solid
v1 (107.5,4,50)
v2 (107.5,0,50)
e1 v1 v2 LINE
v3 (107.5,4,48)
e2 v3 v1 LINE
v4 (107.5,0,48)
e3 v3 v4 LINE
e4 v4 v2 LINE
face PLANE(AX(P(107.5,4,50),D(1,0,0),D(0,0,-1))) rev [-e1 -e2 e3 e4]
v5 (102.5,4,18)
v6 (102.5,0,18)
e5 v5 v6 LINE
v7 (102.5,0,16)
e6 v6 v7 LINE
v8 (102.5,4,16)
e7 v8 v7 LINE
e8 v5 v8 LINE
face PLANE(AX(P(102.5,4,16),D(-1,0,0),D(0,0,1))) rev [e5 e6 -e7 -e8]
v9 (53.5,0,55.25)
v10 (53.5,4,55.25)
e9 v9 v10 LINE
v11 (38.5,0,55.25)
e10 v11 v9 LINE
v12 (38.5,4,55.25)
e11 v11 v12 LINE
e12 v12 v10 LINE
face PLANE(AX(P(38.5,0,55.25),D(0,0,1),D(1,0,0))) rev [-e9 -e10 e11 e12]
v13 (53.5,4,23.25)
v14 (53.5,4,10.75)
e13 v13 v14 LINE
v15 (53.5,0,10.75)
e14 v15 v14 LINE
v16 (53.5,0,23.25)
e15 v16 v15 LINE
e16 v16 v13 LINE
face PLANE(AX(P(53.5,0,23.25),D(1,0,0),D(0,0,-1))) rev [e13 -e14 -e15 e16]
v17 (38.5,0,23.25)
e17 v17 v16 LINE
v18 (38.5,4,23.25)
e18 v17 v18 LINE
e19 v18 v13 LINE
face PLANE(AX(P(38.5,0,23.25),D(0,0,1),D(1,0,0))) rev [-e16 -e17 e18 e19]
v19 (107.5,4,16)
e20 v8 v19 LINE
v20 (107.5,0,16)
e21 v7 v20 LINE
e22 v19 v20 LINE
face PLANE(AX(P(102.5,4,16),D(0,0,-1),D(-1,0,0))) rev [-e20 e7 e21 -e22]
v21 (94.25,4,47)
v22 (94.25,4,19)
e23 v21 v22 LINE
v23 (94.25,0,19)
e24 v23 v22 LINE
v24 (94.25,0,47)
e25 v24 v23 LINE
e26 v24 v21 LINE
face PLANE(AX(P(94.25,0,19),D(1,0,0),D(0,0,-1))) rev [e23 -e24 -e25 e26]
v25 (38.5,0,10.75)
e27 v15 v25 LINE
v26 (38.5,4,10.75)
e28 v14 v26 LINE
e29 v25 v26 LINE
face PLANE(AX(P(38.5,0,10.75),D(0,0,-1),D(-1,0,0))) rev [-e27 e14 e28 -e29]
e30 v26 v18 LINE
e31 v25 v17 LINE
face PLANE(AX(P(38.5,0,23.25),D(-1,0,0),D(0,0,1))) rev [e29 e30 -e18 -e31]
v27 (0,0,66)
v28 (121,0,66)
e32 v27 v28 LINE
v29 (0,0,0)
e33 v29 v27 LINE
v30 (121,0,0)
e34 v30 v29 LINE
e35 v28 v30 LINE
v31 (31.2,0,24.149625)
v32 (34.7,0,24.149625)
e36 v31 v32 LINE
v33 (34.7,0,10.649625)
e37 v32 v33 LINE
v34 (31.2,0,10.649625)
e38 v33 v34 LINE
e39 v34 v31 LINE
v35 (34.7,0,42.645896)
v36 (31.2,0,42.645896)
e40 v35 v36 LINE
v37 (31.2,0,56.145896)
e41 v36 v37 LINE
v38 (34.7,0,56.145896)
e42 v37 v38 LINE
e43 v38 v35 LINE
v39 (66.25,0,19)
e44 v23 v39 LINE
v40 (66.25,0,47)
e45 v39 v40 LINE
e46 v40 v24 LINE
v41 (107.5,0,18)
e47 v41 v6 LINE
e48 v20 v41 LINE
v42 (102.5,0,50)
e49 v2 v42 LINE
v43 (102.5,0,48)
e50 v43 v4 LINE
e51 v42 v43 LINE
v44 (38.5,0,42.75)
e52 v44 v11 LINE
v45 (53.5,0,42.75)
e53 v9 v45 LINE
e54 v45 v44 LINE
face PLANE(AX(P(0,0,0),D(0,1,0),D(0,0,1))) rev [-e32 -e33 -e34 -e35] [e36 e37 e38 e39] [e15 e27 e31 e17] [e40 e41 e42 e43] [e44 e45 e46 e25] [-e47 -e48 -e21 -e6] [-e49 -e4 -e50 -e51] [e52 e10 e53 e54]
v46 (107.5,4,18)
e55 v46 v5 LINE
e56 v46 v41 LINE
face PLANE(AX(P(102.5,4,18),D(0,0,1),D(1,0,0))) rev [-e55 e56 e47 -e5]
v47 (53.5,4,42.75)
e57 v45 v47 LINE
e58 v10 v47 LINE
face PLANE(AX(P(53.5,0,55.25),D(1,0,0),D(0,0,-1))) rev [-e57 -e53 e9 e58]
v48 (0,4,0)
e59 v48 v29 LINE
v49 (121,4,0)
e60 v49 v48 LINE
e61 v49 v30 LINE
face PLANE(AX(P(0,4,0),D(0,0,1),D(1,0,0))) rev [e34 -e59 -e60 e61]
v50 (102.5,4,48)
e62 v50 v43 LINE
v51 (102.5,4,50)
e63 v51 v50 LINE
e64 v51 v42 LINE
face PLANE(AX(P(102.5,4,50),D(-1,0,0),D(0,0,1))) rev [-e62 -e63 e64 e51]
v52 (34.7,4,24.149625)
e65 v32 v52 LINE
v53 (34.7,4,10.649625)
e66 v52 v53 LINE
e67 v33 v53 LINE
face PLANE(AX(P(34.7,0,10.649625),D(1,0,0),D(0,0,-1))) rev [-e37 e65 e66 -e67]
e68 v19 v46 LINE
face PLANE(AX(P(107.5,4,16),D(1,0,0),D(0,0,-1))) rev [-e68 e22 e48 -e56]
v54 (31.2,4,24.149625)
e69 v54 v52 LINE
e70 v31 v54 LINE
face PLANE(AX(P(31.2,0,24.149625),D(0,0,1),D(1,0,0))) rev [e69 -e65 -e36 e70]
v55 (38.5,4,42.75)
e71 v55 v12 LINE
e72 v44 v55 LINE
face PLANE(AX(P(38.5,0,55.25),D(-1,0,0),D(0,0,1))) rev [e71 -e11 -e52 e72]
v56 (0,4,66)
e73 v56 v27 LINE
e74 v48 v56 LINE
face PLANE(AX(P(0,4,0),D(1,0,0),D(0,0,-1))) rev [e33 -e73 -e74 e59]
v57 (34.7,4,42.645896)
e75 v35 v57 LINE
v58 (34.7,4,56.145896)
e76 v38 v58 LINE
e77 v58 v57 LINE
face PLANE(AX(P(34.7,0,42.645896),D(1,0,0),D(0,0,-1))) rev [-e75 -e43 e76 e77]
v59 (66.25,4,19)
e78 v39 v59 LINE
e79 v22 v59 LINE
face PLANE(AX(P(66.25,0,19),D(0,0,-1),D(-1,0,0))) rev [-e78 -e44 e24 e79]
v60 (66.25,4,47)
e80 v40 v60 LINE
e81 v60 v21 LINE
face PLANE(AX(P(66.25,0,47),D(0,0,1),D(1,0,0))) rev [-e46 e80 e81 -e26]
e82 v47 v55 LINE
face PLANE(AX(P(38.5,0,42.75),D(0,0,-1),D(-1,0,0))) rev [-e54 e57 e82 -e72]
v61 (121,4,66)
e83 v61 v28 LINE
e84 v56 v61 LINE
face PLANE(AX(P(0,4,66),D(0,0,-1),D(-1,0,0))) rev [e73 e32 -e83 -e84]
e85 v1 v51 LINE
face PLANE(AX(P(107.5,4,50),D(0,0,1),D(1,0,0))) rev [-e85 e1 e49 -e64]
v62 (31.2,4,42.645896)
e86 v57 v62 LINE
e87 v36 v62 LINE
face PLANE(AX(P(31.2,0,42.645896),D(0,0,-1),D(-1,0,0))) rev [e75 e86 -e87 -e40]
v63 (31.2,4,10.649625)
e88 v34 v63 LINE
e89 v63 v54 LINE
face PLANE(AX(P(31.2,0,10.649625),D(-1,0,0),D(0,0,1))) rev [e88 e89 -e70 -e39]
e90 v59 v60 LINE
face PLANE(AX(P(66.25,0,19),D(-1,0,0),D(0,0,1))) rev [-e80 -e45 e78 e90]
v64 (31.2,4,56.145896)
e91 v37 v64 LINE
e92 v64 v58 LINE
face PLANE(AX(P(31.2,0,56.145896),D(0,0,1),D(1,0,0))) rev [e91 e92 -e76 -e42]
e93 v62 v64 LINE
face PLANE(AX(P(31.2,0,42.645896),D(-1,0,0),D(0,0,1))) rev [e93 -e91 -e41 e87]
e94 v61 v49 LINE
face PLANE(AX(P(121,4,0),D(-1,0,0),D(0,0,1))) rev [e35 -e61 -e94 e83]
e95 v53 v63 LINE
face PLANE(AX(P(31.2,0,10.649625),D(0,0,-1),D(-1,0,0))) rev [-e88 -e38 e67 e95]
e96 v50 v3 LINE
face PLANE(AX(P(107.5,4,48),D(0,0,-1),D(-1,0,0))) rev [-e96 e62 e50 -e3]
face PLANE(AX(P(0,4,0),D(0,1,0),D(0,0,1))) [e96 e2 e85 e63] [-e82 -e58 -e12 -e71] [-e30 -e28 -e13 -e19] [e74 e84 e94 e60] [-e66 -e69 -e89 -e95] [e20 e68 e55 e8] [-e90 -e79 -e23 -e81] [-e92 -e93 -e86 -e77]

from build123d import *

# Parameters (mm, degrees)
SKETCH1_W           = 121
SKETCH1_H           = 66
BOSS_EXTRUDE1_DEPTH = 4
SKETCH2_W           = 28
SKETCH2_H           = 28
SKETCH2_W_2         = 15
SKETCH2_H_2         = 12.5
CUT_EXTRUDE1_DEPTH  = 5
SKETCH3_W           = 5
SKETCH3_H           = 2
CUT_EXTRUDE2_DEPTH  = 5
SKETCH4_W           = 3.5
SKETCH4_H           = 13.5
CUT_EXTRUDE3_DEPTH  = 5


with BuildPart() as part:
    # Sketch1 → Boss-Extrude1 (new body)
    with BuildSketch(Plane(origin=(0, 0, 0), x_dir=(1, 0, 0), z_dir=(0, 1, 0))):
        with Locations((60.5, -33)):
            Rectangle(SKETCH1_W, SKETCH1_H)
    extrude(amount=BOSS_EXTRUDE1_DEPTH)

    # Sketch2 → Cut-Extrude1 (cut, through all)
    with BuildSketch(Plane(origin=(0, 4, 0), x_dir=(1, 0, 0), z_dir=(0, 1, 0))):
        with Locations((80.25, -33)):
            Rectangle(SKETCH2_W, SKETCH2_H)
        with Locations((46, -17)):
            Rectangle(SKETCH2_W_2, SKETCH2_H_2)
        with Locations((46, -49)):
            Rectangle(SKETCH2_W_2, SKETCH2_H_2)
    extrude(amount=-CUT_EXTRUDE1_DEPTH, mode=Mode.SUBTRACT)

    # Sketch3 → Cut-Extrude2 (cut, through all)
    with BuildSketch(Plane.XZ):
        with Locations((105, 49)):
            Rectangle(SKETCH3_W, SKETCH3_H)
        with Locations((105, 17)):
            Rectangle(SKETCH3_W, SKETCH3_H)
    extrude(amount=-CUT_EXTRUDE2_DEPTH, mode=Mode.SUBTRACT)

    # Sketch4 → Cut-Extrude3 (cut, through all)
    with BuildSketch(Plane(origin=(0, 4, 0), x_dir=(1, 0, 0), z_dir=(0, 1, 0))):
        with Locations((32.95, -49.395895757)):
            Rectangle(SKETCH4_W, SKETCH4_H)
        with Locations((32.95, -17.399625311)):
            Rectangle(SKETCH4_W, SKETCH4_H)
    extrude(amount=-CUT_EXTRUDE3_DEPTH, mode=Mode.SUBTRACT)


solid = part.part
